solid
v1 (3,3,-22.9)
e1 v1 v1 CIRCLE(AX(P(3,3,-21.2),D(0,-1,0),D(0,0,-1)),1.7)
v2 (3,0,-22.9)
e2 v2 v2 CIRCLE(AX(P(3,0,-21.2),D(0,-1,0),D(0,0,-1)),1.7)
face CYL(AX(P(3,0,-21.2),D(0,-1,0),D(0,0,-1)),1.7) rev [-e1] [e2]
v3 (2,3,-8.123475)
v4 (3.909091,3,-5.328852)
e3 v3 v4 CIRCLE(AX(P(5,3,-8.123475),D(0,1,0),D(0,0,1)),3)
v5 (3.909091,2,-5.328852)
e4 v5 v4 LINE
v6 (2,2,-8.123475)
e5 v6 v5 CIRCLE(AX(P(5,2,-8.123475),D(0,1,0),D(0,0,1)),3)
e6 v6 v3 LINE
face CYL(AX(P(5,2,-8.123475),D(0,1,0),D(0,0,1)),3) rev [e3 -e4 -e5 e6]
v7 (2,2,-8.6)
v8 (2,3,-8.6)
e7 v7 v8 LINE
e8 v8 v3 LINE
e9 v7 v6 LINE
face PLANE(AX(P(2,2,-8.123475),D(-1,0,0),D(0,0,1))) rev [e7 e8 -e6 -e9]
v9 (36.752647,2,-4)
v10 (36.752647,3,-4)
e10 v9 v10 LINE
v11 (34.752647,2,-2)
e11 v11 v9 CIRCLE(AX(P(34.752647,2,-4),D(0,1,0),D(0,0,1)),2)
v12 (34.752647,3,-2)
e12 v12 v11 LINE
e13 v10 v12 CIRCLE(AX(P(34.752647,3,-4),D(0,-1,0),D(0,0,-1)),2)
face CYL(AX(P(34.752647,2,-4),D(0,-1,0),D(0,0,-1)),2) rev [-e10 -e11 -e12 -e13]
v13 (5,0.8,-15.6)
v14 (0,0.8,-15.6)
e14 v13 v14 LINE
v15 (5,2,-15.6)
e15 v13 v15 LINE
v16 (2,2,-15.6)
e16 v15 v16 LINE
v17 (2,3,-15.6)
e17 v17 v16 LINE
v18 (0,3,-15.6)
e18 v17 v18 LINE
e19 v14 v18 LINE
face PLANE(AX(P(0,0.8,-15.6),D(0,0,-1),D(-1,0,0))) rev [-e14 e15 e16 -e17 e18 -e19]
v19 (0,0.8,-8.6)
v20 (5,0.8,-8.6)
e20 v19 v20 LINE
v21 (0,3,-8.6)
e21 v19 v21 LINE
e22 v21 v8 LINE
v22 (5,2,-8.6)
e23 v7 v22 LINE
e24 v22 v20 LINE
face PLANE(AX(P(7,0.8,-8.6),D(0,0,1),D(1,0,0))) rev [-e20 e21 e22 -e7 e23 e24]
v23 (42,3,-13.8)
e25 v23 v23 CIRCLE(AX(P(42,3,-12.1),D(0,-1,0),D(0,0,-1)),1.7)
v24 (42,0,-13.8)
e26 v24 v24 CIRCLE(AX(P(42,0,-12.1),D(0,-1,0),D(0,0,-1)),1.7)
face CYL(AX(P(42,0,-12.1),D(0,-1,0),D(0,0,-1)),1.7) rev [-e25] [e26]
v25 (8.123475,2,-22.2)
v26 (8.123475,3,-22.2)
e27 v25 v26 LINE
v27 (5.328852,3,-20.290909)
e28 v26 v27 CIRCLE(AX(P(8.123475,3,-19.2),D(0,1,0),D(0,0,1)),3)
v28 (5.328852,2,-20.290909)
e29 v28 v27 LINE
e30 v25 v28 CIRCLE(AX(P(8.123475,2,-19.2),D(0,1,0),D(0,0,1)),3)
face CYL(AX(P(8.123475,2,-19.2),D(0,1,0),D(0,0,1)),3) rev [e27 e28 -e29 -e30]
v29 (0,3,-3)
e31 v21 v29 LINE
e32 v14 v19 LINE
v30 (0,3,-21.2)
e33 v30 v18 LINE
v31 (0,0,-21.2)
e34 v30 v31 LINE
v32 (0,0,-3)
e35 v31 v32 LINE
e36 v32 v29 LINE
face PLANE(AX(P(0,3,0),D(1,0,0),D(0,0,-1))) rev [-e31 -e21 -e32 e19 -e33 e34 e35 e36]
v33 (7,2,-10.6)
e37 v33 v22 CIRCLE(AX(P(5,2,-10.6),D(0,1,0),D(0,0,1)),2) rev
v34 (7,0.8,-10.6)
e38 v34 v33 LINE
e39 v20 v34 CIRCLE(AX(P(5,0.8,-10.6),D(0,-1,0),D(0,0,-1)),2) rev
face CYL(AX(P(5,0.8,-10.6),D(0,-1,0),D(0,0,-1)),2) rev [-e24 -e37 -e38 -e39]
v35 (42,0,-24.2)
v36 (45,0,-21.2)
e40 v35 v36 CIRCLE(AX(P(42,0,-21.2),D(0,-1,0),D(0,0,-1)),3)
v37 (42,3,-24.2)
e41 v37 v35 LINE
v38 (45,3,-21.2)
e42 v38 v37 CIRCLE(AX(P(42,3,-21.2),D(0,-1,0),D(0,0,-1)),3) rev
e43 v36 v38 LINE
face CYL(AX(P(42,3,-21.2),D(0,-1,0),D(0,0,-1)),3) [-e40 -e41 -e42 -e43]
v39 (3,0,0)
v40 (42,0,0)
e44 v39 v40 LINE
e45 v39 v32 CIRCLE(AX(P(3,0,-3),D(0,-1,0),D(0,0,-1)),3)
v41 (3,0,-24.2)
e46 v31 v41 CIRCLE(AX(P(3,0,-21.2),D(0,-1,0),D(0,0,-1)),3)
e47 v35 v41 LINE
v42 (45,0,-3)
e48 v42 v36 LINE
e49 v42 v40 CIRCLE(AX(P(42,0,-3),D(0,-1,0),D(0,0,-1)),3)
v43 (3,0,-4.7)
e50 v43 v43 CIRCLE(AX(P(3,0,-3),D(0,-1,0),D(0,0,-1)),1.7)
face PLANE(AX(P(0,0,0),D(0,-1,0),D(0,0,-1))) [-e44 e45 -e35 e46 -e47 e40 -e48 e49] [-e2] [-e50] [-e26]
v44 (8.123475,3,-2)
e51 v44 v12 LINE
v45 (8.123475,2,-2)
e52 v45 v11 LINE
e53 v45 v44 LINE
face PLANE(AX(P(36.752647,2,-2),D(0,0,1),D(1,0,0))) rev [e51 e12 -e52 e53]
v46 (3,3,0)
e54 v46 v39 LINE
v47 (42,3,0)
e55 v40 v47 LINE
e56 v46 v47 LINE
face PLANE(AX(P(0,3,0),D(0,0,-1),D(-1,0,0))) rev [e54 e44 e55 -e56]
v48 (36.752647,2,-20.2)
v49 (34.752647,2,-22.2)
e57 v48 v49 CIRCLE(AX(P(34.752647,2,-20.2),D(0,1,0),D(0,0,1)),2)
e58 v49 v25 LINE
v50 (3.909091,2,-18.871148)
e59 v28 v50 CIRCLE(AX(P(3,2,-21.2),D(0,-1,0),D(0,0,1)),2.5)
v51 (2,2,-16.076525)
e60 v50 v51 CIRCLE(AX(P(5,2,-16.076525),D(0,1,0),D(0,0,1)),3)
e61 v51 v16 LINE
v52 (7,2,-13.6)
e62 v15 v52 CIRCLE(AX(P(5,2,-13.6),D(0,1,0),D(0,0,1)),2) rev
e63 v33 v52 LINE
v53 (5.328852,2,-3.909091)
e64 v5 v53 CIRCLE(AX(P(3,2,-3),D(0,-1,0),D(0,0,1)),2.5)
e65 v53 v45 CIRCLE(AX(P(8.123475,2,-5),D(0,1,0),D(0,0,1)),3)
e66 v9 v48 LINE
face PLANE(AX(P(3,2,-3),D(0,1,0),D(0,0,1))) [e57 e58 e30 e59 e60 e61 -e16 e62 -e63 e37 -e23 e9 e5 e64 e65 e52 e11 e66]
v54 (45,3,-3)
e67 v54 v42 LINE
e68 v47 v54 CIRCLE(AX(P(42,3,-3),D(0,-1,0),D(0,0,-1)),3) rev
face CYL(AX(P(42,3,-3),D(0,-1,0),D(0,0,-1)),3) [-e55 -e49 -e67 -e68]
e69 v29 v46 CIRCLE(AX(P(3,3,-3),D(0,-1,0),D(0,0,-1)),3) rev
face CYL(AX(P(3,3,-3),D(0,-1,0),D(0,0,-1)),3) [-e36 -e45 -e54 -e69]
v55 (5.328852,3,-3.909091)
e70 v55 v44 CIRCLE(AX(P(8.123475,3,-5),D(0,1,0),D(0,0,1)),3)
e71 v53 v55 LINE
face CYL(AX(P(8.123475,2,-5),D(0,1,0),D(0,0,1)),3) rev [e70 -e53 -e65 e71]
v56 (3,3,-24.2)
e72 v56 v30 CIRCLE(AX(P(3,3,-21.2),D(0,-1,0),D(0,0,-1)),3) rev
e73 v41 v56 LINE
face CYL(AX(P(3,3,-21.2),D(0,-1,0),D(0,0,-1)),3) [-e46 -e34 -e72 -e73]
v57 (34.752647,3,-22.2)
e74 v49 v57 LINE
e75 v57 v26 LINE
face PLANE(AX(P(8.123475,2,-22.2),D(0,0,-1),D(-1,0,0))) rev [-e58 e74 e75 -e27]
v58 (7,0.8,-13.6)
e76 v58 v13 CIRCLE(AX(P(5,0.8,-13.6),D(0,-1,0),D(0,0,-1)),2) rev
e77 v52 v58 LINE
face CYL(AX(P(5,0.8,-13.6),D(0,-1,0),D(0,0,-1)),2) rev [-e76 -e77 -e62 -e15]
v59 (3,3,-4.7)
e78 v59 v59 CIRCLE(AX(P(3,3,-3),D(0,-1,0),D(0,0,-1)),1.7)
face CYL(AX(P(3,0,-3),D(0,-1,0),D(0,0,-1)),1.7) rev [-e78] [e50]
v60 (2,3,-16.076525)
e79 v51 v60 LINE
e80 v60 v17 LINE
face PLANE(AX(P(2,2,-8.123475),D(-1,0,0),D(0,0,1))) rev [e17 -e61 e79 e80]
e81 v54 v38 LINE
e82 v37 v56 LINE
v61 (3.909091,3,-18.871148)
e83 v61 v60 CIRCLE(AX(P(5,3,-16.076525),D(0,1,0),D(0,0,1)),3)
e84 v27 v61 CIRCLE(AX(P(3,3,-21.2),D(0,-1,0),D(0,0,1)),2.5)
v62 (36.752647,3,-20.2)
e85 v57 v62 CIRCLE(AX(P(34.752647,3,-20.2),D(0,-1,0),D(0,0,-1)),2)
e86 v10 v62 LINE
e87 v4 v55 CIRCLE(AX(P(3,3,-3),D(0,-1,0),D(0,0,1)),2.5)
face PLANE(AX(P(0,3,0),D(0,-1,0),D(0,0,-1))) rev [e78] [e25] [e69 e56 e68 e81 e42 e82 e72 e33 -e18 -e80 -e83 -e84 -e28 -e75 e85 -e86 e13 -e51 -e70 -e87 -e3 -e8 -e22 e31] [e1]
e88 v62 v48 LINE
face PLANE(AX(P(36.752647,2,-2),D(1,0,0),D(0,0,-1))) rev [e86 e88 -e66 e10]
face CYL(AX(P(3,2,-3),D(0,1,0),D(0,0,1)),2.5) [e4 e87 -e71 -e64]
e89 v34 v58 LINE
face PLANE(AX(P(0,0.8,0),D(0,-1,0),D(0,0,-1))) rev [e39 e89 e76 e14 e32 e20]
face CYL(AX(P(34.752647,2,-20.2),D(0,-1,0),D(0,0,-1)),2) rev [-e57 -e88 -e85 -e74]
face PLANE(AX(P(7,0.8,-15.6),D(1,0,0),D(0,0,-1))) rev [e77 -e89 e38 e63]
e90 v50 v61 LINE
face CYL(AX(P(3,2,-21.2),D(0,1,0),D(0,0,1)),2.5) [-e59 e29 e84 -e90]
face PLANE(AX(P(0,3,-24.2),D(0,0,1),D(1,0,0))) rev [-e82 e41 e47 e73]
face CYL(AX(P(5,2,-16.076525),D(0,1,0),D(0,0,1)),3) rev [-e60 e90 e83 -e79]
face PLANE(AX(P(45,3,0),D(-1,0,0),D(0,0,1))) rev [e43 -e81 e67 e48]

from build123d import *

# Parameters (mm, degrees)
SKETCH_1_W            = 45
SKETCH_1_H            = 24.2
EXTRUDE_1_DEPTH       = 3
FILLET_1_R            = 3
HOLE_WIZARD_M31_D     = 3.4
HOLE_WIZARD_M31_DEPTH = 3
HOLE_WIZARD_M31_TIP   = 1.021463052
CUT_EXTRUDE_1_DEPTH   = 1
FILLET_2_R            = 2
SKETCH_3_W            = 7
SKETCH_3_H            = 7
CUT_EXTRUDE_2_DEPTH   = 2.2
FILLET_3_R            = 2


with BuildPart() as part:
    # Эскиз1 → Бобышка-Вытянуть1 (new body)
    with BuildSketch(Plane(origin=(0, 0, 0), x_dir=(1, 0, 0), z_dir=(0, 1, 0))):
        with Locations((22.5, 12.1)):
            Rectangle(SKETCH_1_W, SKETCH_1_H)
    extrude(amount=EXTRUDE_1_DEPTH)

    # Скругление1
    fillet_1_edges = [part.edges().sort_by_distance(p)[0] for p in [
        (0, 1.5, -24.2),
        (45, 1.5, -24.2),
        (45, 1.5, 0),
        (0, 1.5, 0),
    ]]
    fillet(fillet_1_edges, radius=FILLET_1_R)

    # Отверстие с зазором M31
    with Locations(Plane(origin=(69.423819873, 0, -24.090135757), x_dir=(0, 0, 1), z_dir=(0, -1, 0))):
        with Locations((2.890135757, 66.423819873), (21.090135757, 66.423819873), (11.990135757, 27.423819873)):
            Hole(HOLE_WIZARD_M31_D / 2, depth=HOLE_WIZARD_M31_DEPTH)
            with Locations((0, 0, -(HOLE_WIZARD_M31_DEPTH + HOLE_WIZARD_M31_TIP / 2))):  # 118° drill point
                Cone(0, HOLE_WIZARD_M31_D / 2, HOLE_WIZARD_M31_TIP, mode=Mode.SUBTRACT)

    # Эскиз7 → Вырез-Вытянуть1 (cut)
    with BuildSketch(Plane(origin=(0, 3, 0), x_dir=(1, 0, 0), z_dir=(0, 1, 0))):
        with BuildLine():
            Line((2, 8.123475383), (2, 16.076524617))
            ThreePointArc((2, 16.076524617), (2.522831528, 17.768752841), (3.909090909, 18.871147553))
            ThreePointArc((3.909090909, 18.871147553), (4.767766953, 19.432233047), (5.328852447, 20.290909091))
            ThreePointArc((5.328852447, 20.290909091), (6.431247159, 21.677168472), (8.123475383, 22.2))
            Line((8.123475383, 22.2), (36.752647357, 22.2))
            Line((36.752647357, 22.2), (36.752647357, 2))
            Line((36.752647357, 2), (8.123475383, 2))
            ThreePointArc((8.123475383, 2), (6.431247159, 2.522831528), (5.328852447, 3.909090909))
            ThreePointArc((5.328852447, 3.909090909), (4.767766953, 4.767766953), (3.909090909, 5.328852447))
            ThreePointArc((3.909090909, 5.328852447), (2.522831528, 6.431247159), (2, 8.123475383))
        make_face()
    extrude(amount=-CUT_EXTRUDE_1_DEPTH, mode=Mode.SUBTRACT)

    # Скругление2
    fillet_2_edges = [part.edges().sort_by_distance(p)[0] for p in [
        (36.752647357, 2.5, -22.2),
        (36.752647357, 2.5, -2),
    ]]
    fillet(fillet_2_edges, radius=FILLET_2_R)

    # Эскиз3 → Вырез-Вытянуть2 (cut)
    with BuildSketch(Plane(origin=(0, 3, 0), x_dir=(1, 0, 0), z_dir=(0, 1, 0))):
        with Locations((3.5, 12.1)):
            Rectangle(SKETCH_3_W, SKETCH_3_H)
    extrude(amount=-CUT_EXTRUDE_2_DEPTH, mode=Mode.SUBTRACT)

    # Скругление3
    fillet_3_edges = [part.edges().sort_by_distance(p)[0] for p in [
        (7, 1.4, -8.6),
        (7, 1.4, -15.6),
    ]]
    fillet(fillet_3_edges, radius=FILLET_3_R)


solid = part.part
